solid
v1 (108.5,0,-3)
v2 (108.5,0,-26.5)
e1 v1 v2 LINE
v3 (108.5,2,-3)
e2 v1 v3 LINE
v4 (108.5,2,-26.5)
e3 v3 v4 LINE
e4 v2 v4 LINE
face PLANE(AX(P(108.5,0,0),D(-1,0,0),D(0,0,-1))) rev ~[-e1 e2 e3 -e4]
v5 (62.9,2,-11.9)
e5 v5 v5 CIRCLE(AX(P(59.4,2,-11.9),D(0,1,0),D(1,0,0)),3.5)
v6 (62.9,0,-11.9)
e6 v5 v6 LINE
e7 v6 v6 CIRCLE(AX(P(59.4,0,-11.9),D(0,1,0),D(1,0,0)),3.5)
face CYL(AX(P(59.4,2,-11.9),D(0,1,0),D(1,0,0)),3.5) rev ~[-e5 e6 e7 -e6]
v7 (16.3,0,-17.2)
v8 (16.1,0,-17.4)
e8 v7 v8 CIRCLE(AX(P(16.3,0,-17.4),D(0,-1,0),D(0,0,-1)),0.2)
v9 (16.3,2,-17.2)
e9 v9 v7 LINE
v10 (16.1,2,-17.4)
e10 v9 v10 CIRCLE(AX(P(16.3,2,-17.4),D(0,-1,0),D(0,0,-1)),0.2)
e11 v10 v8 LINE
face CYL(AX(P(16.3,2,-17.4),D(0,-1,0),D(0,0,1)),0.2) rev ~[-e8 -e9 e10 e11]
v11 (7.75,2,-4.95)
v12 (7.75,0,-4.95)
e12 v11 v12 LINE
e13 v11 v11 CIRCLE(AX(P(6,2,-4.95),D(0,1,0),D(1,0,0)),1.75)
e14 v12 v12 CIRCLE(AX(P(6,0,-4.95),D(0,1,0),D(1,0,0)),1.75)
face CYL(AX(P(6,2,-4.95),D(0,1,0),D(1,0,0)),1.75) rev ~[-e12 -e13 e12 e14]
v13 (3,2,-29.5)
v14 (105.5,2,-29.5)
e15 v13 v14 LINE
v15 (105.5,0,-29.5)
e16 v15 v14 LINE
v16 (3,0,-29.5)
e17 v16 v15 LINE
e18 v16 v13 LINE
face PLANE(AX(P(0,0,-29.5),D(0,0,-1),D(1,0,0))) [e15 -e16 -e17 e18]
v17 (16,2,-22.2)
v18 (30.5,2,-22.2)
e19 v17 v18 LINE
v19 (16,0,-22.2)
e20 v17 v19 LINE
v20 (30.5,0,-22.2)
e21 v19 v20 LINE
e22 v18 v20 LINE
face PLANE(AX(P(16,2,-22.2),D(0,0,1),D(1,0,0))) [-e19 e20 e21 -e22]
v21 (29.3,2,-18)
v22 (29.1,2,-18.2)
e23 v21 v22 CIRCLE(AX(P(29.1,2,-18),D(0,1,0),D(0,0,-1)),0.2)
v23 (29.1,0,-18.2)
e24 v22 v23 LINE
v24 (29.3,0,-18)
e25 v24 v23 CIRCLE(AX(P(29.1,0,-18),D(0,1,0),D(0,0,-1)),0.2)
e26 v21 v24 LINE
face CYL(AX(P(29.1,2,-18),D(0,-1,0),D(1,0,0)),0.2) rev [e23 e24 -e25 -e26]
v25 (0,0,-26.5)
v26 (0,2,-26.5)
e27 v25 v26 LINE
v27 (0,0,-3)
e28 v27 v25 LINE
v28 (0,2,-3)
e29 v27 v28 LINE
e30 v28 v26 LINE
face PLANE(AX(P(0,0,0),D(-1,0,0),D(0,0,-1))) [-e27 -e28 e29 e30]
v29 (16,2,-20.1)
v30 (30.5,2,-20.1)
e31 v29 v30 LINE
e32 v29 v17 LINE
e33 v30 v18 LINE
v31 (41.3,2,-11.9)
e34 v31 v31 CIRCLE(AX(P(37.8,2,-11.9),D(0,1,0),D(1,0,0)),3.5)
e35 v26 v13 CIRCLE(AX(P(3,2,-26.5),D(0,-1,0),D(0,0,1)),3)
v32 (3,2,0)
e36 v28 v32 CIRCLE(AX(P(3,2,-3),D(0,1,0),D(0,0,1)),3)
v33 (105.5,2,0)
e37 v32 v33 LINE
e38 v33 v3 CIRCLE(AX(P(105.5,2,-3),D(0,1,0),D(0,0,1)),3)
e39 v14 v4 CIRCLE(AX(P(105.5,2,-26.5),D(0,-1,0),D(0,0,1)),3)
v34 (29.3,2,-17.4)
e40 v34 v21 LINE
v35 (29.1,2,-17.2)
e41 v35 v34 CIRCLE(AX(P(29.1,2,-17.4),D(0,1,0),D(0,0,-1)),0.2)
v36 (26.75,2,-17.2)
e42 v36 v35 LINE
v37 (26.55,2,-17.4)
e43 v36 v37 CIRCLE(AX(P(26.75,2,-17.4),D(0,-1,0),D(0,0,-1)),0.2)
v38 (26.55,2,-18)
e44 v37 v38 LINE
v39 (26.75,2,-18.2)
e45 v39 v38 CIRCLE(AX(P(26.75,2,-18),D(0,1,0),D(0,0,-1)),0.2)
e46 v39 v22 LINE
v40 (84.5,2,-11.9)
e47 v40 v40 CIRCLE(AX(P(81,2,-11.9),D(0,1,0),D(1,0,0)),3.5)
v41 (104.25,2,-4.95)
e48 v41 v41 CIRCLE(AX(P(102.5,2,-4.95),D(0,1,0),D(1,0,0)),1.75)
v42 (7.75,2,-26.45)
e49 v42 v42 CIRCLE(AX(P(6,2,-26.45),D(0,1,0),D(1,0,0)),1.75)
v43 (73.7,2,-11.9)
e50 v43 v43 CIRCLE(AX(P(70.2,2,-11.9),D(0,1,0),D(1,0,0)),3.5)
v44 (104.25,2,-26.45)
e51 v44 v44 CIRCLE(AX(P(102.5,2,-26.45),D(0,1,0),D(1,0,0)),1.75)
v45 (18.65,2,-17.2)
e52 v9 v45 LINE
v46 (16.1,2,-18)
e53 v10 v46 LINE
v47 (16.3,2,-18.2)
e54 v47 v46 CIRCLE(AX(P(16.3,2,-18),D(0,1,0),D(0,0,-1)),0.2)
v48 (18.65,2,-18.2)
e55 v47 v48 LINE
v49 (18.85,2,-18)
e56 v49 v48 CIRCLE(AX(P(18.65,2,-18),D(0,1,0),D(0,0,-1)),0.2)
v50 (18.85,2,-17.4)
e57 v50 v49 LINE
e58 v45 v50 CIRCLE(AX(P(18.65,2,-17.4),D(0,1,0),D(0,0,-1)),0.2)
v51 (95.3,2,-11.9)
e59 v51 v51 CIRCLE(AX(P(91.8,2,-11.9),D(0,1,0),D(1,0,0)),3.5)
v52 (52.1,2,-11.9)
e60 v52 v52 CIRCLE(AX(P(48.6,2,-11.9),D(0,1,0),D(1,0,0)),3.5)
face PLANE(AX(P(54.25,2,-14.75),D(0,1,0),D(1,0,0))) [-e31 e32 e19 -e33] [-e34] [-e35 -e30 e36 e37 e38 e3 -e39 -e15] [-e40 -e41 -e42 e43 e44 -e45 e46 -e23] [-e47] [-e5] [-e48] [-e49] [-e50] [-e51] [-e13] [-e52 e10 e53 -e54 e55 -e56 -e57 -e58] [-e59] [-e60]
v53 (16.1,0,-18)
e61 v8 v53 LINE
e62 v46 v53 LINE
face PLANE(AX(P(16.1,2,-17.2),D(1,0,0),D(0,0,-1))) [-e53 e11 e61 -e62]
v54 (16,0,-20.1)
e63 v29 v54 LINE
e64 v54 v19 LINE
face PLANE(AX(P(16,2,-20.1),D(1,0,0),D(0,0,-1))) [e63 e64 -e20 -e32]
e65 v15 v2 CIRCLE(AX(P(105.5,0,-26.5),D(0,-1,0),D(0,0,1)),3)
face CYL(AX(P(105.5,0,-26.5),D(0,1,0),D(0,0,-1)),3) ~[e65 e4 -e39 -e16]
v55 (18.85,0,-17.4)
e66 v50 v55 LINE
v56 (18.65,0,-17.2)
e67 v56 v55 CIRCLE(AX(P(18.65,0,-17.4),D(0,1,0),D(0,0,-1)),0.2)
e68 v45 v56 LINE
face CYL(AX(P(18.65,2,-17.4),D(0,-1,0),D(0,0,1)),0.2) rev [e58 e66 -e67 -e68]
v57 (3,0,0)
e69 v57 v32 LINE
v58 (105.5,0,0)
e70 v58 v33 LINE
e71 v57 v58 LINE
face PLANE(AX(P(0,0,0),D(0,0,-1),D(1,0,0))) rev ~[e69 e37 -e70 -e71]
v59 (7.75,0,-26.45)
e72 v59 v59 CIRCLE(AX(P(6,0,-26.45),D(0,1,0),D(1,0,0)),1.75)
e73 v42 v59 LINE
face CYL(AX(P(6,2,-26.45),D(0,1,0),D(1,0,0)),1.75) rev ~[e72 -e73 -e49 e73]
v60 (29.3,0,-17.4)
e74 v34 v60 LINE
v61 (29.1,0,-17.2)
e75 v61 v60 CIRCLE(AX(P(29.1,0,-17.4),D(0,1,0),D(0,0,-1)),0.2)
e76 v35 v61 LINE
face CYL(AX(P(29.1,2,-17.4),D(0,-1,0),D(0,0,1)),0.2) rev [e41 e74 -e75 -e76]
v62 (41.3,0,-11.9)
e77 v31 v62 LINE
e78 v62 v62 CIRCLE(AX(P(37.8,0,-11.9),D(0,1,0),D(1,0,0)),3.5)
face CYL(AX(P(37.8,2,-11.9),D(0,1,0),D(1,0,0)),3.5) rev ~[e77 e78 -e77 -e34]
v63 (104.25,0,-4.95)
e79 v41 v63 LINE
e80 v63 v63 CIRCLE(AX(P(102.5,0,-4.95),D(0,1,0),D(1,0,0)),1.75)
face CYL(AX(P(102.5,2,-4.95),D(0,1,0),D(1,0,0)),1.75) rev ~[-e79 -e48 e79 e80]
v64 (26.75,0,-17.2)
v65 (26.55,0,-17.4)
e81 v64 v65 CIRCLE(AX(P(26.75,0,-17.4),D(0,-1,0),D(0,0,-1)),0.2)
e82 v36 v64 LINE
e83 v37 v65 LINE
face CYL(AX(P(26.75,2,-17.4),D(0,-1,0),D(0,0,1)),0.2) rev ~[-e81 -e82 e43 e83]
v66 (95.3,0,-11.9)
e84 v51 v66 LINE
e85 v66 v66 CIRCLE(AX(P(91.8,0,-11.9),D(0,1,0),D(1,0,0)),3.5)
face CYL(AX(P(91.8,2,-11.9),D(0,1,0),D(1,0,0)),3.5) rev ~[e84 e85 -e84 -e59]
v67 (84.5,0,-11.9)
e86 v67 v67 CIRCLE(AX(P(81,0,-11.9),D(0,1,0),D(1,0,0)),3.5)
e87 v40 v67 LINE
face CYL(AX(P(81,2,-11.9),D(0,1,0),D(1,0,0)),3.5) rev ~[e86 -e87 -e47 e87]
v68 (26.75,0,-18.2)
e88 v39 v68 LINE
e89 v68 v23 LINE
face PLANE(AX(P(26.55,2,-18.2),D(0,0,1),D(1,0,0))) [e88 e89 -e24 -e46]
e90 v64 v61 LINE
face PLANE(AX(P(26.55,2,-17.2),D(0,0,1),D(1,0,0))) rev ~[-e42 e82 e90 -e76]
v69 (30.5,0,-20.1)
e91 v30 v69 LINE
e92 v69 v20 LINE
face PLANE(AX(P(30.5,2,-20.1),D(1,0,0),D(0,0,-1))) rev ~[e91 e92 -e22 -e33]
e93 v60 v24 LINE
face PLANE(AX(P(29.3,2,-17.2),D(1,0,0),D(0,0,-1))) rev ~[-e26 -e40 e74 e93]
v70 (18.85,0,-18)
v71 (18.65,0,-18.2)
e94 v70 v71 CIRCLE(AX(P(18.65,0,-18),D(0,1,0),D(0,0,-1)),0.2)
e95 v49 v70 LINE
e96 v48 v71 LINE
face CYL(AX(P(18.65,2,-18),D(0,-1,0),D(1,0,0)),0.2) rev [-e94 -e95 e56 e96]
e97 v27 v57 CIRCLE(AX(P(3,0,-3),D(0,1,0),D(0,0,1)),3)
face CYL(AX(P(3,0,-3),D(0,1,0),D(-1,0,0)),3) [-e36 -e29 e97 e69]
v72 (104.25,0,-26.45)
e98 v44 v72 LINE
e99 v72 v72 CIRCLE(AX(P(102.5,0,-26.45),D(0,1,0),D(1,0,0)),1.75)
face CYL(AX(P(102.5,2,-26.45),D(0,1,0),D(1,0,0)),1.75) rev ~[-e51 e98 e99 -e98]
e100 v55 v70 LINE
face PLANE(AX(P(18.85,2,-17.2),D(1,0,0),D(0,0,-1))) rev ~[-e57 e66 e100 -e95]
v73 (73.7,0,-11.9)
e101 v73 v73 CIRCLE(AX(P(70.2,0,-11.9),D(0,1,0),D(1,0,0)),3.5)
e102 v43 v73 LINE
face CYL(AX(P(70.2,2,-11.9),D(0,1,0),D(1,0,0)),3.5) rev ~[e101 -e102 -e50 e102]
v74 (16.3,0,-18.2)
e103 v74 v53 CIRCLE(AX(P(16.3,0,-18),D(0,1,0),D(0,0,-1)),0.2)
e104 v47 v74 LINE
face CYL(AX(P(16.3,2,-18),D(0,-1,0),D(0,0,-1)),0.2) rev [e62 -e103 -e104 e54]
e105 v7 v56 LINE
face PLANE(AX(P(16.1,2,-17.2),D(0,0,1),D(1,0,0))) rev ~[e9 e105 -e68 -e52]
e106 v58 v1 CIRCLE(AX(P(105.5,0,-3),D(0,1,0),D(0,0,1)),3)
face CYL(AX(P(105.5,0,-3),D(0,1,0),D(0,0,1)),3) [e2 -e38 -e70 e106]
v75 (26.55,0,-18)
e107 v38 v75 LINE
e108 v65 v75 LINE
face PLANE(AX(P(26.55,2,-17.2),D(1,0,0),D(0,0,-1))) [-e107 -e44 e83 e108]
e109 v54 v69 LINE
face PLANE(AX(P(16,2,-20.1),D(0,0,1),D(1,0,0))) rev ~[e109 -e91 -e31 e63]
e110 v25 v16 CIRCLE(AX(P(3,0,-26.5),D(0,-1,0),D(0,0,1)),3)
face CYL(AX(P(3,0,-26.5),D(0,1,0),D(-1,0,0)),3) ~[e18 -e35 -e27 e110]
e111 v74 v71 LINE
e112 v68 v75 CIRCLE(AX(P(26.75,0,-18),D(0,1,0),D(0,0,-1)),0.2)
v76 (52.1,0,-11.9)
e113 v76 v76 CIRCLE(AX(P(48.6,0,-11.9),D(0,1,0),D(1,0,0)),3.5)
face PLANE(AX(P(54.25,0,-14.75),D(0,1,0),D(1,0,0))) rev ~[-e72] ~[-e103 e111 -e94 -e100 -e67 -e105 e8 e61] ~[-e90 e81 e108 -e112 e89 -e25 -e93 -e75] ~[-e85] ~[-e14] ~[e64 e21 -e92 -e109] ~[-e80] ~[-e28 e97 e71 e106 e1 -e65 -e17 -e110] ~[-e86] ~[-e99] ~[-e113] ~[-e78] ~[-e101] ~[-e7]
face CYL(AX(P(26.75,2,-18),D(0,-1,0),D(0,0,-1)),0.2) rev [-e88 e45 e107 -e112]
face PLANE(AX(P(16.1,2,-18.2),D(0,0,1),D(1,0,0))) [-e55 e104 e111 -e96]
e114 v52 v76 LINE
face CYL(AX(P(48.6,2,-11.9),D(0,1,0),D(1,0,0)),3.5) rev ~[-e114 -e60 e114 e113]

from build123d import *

# Parameters (mm, degrees)
SKETCH1_W           = 108.5
SKETCH1_H           = 29.5
BOSS_EXTRUDE1_DEPTH = 2
SKETCH2_R           = 1.75
CUT_EXTRUDE1_DEPTH  = 3
FILLET1_R           = 3
SKETCH5_R           = 3.5
SKETCH5_W           = 14.5
SKETCH5_H           = 2.1
SKETCH5_W_2         = 2.75
SKETCH5_H_2         = 1
CUT_EXTRUDE2_DEPTH  = 3
FILLET2_R           = 0.2


with BuildPart() as part:
    # Sketch1 → Boss-Extrude1 (new body)
    with BuildSketch(Plane(origin=(0, 0, 0), x_dir=(1, 0, 0), z_dir=(0, 1, 0))):
        with Locations((54.25, 14.75)):
            Rectangle(SKETCH1_W, SKETCH1_H)
    extrude(amount=BOSS_EXTRUDE1_DEPTH)

    # Sketch2 → Cut-Extrude1 (cut, through all)
    with BuildSketch(Plane(origin=(0, 2, 0), x_dir=(1, 0, 0), z_dir=(0, 1, 0))):
        with Locations((6, 26.45)):
            Circle(SKETCH2_R)
        with Locations((6, 4.95)):
            Circle(SKETCH2_R)
        with Locations((102.5, 4.95)):
            Circle(SKETCH2_R)
        with Locations((102.5, 26.45)):
            Circle(SKETCH2_R)
    extrude(amount=-CUT_EXTRUDE1_DEPTH, mode=Mode.SUBTRACT)

    # Fillet1
    fillet1_edges = [part.edges().sort_by_distance(p)[0] for p in [
        (0, 1, -29.5),
        (108.5, 1, -29.5),
        (108.5, 1, 0),
        (0, 1, 0),
    ]]
    fillet(fillet1_edges, radius=FILLET1_R)

    # Sketch5 → Cut-Extrude2 (cut, through all)
    with BuildSketch(Plane(origin=(0, 2, 0), x_dir=(1, 0, 0), z_dir=(0, 1, 0))):
        with Locations((91.8, 11.9)):
            Circle(SKETCH5_R)
        with Locations((81, 11.9)):
            Circle(SKETCH5_R)
        with Locations((70.2, 11.9)):
            Circle(SKETCH5_R)
        with Locations((59.4, 11.9)):
            Circle(SKETCH5_R)
        with Locations((48.6, 11.9)):
            Circle(SKETCH5_R)
        with Locations((37.8, 11.9)):
            Circle(SKETCH5_R)
        with Locations((23.25, 21.15)):
            Rectangle(SKETCH5_W, SKETCH5_H)
        with Locations((17.475, 17.7)):
            Rectangle(SKETCH5_W_2, SKETCH5_H_2)
        with Locations((27.925, 17.7)):
            Rectangle(SKETCH5_W_2, SKETCH5_H_2)
    extrude(amount=-CUT_EXTRUDE2_DEPTH, mode=Mode.SUBTRACT)

    # Fillet2
    fillet2_edges = [part.edges().sort_by_distance(p)[0] for p in [
        (26.55, 1, -17.2),
        (26.55, 1, -18.2),
        (29.3, 1, -18.2),
        (29.3, 1, -17.2),
        (18.85, 1, -18.2),
        (18.85, 1, -17.2),
        (16.1, 1, -17.2),
        (16.1, 1, -18.2),
    ]]
    fillet(fillet2_edges, radius=FILLET2_R)


solid = part.part
